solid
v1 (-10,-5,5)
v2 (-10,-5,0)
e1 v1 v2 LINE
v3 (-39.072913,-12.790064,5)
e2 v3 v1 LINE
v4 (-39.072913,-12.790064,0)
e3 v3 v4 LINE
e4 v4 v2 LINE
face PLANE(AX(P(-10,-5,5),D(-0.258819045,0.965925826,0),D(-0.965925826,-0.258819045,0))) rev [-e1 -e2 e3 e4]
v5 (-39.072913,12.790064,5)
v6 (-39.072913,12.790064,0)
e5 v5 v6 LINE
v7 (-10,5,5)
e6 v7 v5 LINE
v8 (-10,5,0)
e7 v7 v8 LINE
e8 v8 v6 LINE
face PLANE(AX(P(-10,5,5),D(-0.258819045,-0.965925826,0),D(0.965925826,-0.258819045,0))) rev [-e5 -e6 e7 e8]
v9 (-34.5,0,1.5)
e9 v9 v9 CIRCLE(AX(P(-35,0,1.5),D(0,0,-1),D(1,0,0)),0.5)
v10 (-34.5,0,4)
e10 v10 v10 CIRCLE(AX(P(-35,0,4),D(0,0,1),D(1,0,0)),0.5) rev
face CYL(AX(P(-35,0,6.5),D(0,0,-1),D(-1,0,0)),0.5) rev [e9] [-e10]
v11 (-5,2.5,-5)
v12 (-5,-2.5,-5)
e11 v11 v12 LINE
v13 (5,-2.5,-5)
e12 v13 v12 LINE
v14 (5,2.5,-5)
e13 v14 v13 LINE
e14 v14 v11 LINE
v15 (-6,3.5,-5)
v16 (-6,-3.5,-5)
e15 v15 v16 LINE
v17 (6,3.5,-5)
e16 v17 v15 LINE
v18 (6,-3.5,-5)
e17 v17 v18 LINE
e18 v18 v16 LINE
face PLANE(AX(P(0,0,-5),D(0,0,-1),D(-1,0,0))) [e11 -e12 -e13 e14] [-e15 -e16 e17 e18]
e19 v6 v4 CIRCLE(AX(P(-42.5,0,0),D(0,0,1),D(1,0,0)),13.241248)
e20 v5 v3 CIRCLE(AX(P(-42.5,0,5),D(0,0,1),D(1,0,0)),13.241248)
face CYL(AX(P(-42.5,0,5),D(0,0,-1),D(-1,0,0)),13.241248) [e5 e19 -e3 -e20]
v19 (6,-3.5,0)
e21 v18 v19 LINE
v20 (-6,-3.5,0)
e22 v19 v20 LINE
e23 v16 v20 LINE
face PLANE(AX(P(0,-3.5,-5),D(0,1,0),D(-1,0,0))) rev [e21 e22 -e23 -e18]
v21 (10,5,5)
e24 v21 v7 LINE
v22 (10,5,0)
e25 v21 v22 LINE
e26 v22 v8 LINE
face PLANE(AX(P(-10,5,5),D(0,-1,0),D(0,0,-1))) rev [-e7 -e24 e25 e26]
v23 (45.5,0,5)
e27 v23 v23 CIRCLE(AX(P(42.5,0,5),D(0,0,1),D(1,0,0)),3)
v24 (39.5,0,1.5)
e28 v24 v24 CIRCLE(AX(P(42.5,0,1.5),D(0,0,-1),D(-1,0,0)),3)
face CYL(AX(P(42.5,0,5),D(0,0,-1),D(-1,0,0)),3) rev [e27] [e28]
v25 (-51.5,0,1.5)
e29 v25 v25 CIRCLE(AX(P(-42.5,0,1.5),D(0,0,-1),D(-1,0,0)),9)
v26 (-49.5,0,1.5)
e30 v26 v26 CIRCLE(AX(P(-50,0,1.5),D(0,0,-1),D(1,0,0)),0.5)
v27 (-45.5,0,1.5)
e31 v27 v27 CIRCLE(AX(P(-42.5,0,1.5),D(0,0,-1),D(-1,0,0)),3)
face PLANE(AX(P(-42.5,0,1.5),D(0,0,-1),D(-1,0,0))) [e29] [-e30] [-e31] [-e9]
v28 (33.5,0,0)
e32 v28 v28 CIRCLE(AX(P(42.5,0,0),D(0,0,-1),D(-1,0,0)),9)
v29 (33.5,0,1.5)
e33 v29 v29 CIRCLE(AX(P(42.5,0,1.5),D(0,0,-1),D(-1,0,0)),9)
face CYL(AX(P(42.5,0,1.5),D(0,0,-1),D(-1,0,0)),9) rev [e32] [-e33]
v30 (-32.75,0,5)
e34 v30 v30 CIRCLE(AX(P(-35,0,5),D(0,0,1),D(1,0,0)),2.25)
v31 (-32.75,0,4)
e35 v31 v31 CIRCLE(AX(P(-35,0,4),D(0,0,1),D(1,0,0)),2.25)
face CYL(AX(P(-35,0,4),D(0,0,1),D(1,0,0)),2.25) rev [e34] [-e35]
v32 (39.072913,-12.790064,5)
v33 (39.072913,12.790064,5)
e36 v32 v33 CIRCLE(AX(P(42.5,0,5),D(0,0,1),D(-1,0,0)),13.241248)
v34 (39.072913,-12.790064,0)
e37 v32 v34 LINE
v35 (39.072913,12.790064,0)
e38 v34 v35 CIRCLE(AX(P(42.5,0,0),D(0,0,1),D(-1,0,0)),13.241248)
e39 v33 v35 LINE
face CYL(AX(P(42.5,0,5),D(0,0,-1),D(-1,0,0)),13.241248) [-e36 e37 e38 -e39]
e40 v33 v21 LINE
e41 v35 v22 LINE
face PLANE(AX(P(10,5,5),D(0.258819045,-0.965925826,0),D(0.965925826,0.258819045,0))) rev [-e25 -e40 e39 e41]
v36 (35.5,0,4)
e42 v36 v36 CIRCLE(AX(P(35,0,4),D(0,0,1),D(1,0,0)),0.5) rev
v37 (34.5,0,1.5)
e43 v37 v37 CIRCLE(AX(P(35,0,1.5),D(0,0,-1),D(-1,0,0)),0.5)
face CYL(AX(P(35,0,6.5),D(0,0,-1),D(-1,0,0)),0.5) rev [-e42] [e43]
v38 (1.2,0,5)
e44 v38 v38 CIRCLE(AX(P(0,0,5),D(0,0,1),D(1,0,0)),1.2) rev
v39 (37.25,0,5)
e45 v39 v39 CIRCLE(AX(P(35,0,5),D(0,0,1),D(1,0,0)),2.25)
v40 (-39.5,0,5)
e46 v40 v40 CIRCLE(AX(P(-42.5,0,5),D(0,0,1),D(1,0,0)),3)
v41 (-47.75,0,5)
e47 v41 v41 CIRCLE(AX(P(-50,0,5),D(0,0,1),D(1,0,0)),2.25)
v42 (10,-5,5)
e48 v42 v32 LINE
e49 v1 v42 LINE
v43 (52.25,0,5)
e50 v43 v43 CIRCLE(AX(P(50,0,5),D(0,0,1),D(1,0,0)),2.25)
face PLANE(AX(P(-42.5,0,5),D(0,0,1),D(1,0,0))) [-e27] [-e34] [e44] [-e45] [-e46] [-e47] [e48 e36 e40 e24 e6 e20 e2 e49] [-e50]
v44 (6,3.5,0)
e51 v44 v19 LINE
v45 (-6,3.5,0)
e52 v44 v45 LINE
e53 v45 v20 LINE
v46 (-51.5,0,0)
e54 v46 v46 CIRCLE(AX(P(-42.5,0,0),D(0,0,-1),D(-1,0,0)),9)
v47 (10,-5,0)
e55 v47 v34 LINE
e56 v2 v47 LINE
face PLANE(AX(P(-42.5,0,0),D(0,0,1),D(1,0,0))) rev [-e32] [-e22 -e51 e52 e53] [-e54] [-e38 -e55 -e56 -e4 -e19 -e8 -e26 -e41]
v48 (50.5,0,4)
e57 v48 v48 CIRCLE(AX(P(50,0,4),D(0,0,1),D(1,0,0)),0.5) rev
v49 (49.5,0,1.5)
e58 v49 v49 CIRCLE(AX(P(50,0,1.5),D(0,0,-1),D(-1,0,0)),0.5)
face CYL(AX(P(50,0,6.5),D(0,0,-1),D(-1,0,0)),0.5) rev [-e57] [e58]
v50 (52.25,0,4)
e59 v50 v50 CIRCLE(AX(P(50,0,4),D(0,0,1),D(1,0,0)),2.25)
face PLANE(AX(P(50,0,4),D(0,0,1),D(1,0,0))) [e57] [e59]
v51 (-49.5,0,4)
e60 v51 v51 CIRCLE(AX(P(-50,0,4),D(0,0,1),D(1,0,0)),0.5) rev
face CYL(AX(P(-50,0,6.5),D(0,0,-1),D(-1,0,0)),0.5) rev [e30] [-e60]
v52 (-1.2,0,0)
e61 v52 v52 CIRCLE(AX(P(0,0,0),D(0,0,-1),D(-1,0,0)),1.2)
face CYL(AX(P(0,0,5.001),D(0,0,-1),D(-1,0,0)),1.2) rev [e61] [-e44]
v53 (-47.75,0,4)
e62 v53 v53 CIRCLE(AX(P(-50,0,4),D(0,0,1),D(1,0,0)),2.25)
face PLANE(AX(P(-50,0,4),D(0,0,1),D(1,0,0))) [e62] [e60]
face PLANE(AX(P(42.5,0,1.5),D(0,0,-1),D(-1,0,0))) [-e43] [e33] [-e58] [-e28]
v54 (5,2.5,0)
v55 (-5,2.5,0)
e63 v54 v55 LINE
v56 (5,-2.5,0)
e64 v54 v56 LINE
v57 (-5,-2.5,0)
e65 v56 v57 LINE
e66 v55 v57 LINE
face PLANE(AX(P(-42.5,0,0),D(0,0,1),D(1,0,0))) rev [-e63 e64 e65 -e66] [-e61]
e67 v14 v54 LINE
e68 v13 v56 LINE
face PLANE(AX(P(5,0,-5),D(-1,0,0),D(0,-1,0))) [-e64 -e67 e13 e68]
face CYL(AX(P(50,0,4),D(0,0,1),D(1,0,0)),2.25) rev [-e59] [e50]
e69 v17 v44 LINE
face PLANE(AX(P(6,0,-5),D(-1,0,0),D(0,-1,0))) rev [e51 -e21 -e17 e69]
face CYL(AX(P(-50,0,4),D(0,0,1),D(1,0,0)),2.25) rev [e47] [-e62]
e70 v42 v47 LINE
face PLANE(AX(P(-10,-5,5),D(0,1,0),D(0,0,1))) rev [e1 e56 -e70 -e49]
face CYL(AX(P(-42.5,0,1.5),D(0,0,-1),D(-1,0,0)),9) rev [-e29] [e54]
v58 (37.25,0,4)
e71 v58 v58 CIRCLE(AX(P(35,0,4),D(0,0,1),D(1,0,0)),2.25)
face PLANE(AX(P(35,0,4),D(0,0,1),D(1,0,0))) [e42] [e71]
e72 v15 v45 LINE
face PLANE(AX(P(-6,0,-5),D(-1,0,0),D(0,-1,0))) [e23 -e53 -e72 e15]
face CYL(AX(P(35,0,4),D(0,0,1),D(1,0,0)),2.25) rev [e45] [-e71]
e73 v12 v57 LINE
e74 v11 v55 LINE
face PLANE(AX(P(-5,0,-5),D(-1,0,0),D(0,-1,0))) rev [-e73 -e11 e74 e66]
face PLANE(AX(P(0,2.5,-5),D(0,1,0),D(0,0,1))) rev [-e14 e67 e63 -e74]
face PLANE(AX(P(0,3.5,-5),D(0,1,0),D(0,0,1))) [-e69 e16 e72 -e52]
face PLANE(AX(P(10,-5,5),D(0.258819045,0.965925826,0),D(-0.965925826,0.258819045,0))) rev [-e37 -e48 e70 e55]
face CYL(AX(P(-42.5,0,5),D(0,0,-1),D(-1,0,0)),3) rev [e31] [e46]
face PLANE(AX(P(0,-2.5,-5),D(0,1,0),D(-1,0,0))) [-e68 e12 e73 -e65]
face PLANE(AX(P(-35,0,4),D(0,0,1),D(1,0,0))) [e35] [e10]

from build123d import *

# Parameters (mm, degrees)
SKETCH_1_R          = 3
EXTRUDE_1_DEPTH     = 5
SKETCH_3_W          = 12
SKETCH_3_H          = 7
SKETCH_3_W_2        = 10
SKETCH_3_H_2        = 5
EXTRUDE_1_2_DEPTH   = 5
CUT_EXTRUDE_2_REACH = 59.51
SKETCH_4_R          = 1.2
SKETCH_5_R          = 9
CUT_EXTRUDE_3_DEPTH = 1.5
SKETCH_6_R          = 0.5
CUT_EXTRUDE_4_DEPTH = 5
SKETCH_7_R          = 2.25
CUT_EXTRUDE_5_DEPTH = 1


with BuildPart() as part:
    # 草图1 → Extrude 1 (new body)
    with BuildSketch(Plane.XY):
        with BuildLine():
            Line((-10, 5), (10, 5))
            Line((10, 5), (39.072912811, 12.790063509))
            ThreePointArc((39.072912811, 12.790063509), (55.741248097, 0), (39.072912811, -12.790063509))
            Line((39.072912811, -12.790063509), (10, -5))
            Line((10, -5), (-10, -5))
            Line((-10, -5), (-39.072912811, -12.790063509))
            ThreePointArc((-39.072912811, -12.790063509), (-55.741248097, 0), (-39.072912811, 12.790063509))
            Line((-39.072912811, 12.790063509), (-10, 5))
        make_face()
        with Locations((-42.5, 0)):
            Circle(SKETCH_1_R, mode=Mode.SUBTRACT)
        with Locations((42.5, 0)):
            Circle(SKETCH_1_R, mode=Mode.SUBTRACT)
    extrude(amount=EXTRUDE_1_DEPTH)

    # 草图3 → Extrude 1 2 (add)
    with BuildSketch(Plane(origin=(0, 0, 0), x_dir=(-1, 0, 0), z_dir=(0, 0, -1))):
        Rectangle(SKETCH_3_W, SKETCH_3_H)
        Rectangle(SKETCH_3_W_2, SKETCH_3_H_2, mode=Mode.SUBTRACT)
    extrude(amount=EXTRUDE_1_2_DEPTH)

    # 草图4 → 切除-拉伸2 (cut, up to next)
    with BuildSketch(Plane(origin=(0, 0, 0), x_dir=(-1, 0, 0), z_dir=(0, 0, -1)), mode=Mode.PRIVATE) as cut_extrude_2_sk1:
        Circle(SKETCH_4_R)
    cut_extrude_2_tool1 = extrude(cut_extrude_2_sk1.sketch, amount=-CUT_EXTRUDE_2_REACH, mode=Mode.PRIVATE) & part.part
    add(cut_extrude_2_tool1.solids().sort_by_distance((0, 0, 0))[0], mode=Mode.SUBTRACT)

    # 草图5 → 切除-拉伸3 (cut)
    with BuildSketch(Plane(origin=(0, 0, 0), x_dir=(-1, 0, 0), z_dir=(0, 0, -1))):
        with Locations((-42.5, 0)):
            Circle(SKETCH_5_R)
        with Locations((42.5, 0)):
            Circle(SKETCH_5_R)
    extrude(amount=-CUT_EXTRUDE_3_DEPTH, mode=Mode.SUBTRACT)

    # 草图6 → 切除-拉伸4 (cut)
    with BuildSketch(Plane(origin=(0, 0, 1.5), x_dir=(-1, 0, 0), z_dir=(0, 0, -1))):
        with Locations((-50, 0)):
            Circle(SKETCH_6_R)
        with Locations((-35, 0)):
            Circle(SKETCH_6_R)
        with Locations(Location((35, 0, 0), (0, 0, 180))):
            Circle(SKETCH_6_R)
        with Locations(Location((50, 0, 0), (0, 0, 180))):
            Circle(SKETCH_6_R)
    extrude(amount=-CUT_EXTRUDE_4_DEPTH, mode=Mode.SUBTRACT)

    # 草图7 → 切除-拉伸5 (cut)
    with BuildSketch(Plane.XY.offset(5)):
        with Locations((-50, 0)):
            Circle(SKETCH_7_R)
        with Locations((-35, 0)):
            Circle(SKETCH_7_R)
        with Locations((35, 0)):
            Circle(SKETCH_7_R)
        with Locations((50, 0)):
            Circle(SKETCH_7_R)
    extrude(amount=-CUT_EXTRUDE_5_DEPTH, mode=Mode.SUBTRACT)


solid = part.part
